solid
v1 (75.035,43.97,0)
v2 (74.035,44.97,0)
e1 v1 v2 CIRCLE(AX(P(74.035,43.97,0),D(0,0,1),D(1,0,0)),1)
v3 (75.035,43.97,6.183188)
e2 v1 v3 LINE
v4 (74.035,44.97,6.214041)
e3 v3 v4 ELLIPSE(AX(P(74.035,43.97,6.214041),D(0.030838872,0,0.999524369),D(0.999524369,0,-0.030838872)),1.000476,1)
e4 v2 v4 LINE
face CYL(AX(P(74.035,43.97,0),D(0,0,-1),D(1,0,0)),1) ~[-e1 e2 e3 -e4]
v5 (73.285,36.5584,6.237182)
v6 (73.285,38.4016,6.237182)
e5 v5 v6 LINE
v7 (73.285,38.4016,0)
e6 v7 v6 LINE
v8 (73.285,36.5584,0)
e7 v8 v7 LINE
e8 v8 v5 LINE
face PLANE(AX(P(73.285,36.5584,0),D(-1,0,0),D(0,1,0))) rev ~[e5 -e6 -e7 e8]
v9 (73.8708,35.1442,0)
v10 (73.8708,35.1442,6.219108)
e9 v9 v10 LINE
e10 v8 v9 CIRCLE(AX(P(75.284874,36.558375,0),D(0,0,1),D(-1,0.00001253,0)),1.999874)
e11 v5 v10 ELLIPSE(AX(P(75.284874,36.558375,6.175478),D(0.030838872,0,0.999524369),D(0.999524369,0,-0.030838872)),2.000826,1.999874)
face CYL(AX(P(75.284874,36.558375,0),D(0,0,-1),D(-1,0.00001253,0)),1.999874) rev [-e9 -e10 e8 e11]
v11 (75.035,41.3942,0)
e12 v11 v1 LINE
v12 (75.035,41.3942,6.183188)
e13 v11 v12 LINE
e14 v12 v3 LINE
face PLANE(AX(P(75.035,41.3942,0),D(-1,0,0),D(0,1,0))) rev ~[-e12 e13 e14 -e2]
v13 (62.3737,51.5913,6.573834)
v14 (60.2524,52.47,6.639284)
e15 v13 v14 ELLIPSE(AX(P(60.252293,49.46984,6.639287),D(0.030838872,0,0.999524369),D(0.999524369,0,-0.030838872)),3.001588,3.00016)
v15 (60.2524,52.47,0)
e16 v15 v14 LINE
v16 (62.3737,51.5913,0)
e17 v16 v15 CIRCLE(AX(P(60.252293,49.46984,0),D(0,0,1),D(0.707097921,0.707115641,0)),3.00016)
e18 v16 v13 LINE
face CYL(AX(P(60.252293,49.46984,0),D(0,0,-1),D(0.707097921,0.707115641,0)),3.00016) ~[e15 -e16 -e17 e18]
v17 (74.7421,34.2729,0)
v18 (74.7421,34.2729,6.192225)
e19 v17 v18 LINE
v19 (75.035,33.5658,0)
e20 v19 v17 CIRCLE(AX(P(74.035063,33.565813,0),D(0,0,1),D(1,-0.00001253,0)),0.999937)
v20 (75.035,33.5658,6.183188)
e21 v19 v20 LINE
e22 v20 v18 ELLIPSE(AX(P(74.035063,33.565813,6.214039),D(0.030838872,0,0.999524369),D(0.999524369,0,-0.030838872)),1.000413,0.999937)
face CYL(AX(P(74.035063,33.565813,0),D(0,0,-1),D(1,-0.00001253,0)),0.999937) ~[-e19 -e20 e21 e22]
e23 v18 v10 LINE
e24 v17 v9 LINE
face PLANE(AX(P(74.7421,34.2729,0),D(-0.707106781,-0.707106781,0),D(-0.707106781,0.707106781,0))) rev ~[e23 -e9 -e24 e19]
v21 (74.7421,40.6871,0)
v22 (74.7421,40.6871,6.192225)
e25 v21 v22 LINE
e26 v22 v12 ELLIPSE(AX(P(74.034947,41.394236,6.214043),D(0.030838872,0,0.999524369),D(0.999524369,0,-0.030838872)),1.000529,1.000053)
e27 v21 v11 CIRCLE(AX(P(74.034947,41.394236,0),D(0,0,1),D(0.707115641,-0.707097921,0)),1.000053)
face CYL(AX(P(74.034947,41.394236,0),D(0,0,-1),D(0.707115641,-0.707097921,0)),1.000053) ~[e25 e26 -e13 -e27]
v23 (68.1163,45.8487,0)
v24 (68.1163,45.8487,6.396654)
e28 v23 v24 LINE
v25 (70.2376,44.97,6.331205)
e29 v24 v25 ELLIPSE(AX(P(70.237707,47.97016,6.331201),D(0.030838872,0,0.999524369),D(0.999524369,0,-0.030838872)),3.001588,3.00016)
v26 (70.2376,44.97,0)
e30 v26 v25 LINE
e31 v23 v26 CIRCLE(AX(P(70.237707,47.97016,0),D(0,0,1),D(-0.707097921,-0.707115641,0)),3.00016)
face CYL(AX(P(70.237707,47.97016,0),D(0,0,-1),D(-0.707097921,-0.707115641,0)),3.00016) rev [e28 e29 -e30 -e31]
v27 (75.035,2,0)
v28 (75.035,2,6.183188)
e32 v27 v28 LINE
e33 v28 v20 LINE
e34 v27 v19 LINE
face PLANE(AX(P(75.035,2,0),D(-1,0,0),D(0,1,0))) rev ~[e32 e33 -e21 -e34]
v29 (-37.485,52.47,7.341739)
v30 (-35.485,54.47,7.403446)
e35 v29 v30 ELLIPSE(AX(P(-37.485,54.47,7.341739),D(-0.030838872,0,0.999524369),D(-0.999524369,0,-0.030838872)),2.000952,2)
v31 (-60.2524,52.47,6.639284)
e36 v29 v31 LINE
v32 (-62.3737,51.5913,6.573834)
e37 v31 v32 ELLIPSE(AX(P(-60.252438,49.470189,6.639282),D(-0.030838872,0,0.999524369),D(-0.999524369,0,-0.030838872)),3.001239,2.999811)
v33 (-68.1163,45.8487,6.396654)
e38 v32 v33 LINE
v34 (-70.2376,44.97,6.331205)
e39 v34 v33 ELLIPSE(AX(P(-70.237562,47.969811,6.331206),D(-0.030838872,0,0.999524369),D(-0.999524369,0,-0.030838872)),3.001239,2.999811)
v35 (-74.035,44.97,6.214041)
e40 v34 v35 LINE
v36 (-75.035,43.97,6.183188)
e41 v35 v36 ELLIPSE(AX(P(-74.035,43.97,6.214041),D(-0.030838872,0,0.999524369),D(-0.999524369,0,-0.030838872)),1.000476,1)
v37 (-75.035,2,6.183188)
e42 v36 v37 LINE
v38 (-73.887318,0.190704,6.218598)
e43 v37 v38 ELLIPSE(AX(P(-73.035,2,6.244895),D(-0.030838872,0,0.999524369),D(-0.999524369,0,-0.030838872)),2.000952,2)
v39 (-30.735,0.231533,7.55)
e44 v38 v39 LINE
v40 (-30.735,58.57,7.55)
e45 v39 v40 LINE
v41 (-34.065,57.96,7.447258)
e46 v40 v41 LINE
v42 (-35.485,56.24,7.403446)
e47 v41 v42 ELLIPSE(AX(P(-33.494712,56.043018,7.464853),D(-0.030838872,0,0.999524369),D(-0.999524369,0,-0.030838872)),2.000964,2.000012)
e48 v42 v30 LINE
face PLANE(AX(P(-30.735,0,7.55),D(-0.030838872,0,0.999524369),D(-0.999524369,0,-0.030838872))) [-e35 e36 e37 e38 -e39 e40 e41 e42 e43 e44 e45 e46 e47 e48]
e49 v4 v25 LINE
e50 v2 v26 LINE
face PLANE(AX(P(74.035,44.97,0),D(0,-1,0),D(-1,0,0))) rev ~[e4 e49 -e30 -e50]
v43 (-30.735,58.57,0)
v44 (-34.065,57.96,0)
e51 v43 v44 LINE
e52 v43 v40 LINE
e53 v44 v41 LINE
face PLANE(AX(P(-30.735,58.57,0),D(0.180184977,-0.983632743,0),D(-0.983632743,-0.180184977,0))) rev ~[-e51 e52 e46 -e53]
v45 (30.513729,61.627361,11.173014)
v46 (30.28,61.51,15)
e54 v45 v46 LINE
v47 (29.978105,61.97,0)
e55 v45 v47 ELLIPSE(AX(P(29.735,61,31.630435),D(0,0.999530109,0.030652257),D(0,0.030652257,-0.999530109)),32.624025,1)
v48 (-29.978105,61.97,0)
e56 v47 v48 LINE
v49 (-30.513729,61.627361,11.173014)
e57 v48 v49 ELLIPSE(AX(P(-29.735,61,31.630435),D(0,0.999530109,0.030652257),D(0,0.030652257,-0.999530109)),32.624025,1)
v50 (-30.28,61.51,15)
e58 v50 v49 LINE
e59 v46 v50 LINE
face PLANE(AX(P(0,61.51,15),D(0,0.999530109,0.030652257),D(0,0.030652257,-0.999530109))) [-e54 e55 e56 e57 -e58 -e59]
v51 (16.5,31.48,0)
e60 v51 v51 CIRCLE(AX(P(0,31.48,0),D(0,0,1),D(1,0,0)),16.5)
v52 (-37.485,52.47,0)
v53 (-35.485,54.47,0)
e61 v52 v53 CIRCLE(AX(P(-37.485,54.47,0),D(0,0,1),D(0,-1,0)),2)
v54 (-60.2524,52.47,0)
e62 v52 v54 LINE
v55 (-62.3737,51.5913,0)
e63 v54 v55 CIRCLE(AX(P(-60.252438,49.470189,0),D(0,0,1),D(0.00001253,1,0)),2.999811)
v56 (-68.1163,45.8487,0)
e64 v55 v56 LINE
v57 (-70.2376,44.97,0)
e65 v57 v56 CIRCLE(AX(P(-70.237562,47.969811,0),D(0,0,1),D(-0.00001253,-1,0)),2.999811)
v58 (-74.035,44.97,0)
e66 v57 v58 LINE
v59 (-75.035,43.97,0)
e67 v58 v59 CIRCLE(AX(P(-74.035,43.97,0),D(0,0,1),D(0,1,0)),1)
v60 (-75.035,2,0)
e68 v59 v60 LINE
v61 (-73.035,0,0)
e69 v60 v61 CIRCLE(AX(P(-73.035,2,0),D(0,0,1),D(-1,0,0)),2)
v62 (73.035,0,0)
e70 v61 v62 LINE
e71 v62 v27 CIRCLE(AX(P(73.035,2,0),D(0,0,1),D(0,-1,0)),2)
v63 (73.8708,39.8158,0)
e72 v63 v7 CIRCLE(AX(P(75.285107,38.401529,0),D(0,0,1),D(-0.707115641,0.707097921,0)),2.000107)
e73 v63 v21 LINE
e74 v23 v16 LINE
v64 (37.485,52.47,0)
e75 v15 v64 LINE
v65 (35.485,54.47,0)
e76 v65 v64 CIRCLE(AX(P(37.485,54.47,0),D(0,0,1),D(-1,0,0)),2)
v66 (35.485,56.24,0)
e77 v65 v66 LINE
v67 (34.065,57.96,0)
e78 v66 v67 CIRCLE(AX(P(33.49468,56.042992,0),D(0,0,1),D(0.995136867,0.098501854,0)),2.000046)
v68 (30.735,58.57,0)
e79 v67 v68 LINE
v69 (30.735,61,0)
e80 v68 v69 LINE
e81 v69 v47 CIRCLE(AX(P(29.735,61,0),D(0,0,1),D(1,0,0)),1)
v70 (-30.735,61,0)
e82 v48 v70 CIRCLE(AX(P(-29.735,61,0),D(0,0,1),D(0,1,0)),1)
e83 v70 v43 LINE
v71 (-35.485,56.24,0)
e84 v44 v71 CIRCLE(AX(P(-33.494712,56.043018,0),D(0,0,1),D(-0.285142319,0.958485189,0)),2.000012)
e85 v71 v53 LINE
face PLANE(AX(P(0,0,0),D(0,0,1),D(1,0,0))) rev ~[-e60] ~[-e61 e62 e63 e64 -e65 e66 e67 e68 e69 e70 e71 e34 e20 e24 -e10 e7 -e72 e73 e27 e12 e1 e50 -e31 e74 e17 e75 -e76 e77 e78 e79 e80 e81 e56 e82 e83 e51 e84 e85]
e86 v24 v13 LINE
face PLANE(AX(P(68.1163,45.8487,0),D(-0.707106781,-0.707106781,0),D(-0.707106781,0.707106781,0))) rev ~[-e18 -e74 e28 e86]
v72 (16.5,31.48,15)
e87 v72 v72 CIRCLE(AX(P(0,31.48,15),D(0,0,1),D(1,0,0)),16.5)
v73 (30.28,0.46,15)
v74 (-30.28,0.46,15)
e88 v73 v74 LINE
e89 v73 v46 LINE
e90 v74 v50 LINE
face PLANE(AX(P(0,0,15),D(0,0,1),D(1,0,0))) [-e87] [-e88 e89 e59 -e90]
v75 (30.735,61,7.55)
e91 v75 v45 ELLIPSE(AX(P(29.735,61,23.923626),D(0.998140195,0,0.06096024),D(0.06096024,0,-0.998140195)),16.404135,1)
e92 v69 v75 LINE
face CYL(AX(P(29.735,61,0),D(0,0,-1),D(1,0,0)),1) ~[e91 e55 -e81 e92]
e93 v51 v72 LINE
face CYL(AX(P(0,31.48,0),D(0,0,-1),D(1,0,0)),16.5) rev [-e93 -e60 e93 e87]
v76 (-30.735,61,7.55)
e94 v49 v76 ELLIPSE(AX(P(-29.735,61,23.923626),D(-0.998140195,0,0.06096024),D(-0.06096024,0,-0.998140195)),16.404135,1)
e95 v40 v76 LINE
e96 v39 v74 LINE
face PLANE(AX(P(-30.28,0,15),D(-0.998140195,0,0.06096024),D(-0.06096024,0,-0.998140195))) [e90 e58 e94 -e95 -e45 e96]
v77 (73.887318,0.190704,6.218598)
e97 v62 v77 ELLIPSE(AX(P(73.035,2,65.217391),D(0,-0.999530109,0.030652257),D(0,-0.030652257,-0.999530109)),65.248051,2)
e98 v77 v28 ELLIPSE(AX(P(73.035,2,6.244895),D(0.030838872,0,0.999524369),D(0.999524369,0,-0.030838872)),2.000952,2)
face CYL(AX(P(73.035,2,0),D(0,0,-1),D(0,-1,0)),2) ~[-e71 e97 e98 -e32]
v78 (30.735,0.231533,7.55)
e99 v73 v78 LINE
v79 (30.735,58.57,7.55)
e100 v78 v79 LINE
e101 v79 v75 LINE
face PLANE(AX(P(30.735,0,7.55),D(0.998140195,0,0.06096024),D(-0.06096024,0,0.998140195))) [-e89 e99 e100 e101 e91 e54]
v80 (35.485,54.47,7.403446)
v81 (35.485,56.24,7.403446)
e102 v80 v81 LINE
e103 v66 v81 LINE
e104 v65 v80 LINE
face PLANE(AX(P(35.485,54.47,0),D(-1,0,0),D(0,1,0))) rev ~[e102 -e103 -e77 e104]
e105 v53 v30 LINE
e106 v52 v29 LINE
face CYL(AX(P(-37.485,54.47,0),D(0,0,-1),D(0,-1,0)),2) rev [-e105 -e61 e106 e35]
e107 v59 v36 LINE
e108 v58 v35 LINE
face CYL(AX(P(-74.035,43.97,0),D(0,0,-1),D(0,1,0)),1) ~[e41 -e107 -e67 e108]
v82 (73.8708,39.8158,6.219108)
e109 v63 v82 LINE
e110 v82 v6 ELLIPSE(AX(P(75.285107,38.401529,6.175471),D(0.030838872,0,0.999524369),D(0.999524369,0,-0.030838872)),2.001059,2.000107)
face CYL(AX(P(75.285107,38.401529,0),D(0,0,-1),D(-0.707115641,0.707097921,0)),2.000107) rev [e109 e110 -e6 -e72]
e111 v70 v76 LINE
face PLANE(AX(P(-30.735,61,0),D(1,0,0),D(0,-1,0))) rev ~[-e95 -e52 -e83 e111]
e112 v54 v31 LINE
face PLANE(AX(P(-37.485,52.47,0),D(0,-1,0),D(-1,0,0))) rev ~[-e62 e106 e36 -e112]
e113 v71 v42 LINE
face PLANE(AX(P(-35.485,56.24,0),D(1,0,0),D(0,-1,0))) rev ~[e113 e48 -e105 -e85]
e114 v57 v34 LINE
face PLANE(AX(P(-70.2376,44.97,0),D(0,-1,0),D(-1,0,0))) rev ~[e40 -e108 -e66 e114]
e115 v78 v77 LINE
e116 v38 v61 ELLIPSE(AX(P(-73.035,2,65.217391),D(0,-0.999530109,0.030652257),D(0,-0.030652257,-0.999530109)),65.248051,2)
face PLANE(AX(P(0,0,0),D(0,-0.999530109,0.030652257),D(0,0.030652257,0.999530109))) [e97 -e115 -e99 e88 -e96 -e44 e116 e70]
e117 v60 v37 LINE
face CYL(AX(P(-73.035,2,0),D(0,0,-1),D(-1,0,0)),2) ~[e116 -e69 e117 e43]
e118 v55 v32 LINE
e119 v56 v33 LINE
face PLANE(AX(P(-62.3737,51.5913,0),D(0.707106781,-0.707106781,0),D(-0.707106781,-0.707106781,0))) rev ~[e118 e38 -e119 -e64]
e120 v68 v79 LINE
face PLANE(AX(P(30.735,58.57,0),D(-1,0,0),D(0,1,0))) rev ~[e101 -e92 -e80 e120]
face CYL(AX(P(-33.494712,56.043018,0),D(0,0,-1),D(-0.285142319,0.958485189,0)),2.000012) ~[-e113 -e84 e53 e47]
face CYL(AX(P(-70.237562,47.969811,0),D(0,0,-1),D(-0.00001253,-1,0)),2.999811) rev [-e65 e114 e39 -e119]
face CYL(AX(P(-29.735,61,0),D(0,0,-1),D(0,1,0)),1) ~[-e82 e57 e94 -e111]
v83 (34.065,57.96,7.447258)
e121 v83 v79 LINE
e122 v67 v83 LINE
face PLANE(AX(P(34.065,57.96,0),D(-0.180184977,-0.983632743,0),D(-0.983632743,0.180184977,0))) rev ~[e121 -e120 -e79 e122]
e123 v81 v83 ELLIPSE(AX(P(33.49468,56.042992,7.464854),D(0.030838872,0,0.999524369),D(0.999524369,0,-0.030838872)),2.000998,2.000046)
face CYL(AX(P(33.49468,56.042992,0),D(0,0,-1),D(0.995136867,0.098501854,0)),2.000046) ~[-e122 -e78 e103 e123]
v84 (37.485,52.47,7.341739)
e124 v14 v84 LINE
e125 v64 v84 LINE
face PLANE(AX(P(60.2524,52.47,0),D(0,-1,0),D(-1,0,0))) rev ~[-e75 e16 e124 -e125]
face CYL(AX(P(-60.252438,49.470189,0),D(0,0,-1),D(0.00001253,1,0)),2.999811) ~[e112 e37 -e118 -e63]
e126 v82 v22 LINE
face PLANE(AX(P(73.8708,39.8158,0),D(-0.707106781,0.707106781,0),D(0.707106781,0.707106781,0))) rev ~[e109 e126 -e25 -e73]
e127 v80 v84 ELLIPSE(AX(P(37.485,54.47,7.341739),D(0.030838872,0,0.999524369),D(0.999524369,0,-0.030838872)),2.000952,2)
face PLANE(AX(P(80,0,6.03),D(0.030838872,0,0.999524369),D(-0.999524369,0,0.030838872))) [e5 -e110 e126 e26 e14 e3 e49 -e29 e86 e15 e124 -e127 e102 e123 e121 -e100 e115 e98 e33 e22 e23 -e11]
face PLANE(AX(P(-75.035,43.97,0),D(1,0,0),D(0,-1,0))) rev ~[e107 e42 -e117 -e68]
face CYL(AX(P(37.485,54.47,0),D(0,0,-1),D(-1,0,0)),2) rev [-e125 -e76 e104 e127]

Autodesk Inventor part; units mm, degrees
sketch "__1" plane through (0, 0, 0) normal (0, 0, 1) x (1, 0, 0)
  line L0 (-75.035, 43.97) -> (-75.035, 2)
  arc A0 (-75.035, 2) -> (-73.035, 0) centre (-73.035, 2) ccw
  line L1 (-73.035, 0) -> (73.035, 0)
  arc A1 (73.035, 0) -> (75.035, 2) centre (73.035, 2) ccw
  line L2 (75.035, 2) -> (75.035, 33.5658)
  arc A2 (75.035, 33.5658) -> (74.7421, 34.2729) centre (74.035, 33.5658) ccw
  line L3 (74.7421, 34.2729) -> (73.8708, 35.1442)
  arc A3 (73.285, 36.5584) -> (73.8708, 35.1442) centre (75.285, 36.5584) ccw
  line L4 (73.285, 36.5584) -> (73.285, 38.4016)
  arc A4 (73.8708, 39.8158) -> (73.285, 38.4016) centre (75.285, 38.4016) ccw
  line L5 (73.8708, 39.8158) -> (74.7421, 40.6871)
  arc A5 (74.7421, 40.6871) -> (75.035, 41.3942) centre (74.035, 41.3942) ccw
  line L6 (75.035, 41.3942) -> (75.035, 43.97)
  arc A6 (75.035, 43.97) -> (74.035, 44.97) centre (74.035, 43.97) ccw
  line L7 (74.035, 44.97) -> (70.2376, 44.97)
  arc A7 (68.1163, 45.8487) -> (70.2376, 44.97) centre (70.2376, 47.97) ccw
  line L8 (68.1163, 45.8487) -> (62.3737, 51.5913)
  arc A8 (62.3737, 51.5913) -> (60.2524, 52.47) centre (60.2524, 49.47) ccw
  line L9 (60.2524, 52.47) -> (37.485, 52.47)
  arc A9 (35.485, 54.47) -> (37.485, 52.47) centre (37.485, 54.47) ccw
  line L10 (35.485, 54.47) -> (35.485, 56.24)
  arc A10 (35.485, 56.24) -> (34.065, 57.96) centre (33.4947, 56.043) ccw
  line L11 (34.065, 57.96) -> (30.735, 58.57)
  line L12 (30.735, 58.57) -> (30.735, 61)
  arc A11 (30.735, 61) -> (29.735, 62) centre (29.735, 61) ccw
  line L13 (29.735, 62) -> (-29.735, 62)
  arc A12 (-29.735, 62) -> (-30.735, 61) centre (-29.735, 61) ccw
  line L14 (-30.735, 61) -> (-30.735, 58.57)
  line L15 (-30.735, 58.57) -> (-34.065, 57.96)
  arc A13 (-34.065, 57.96) -> (-35.485, 56.24) centre (-33.4947, 56.043) ccw
  line L16 (-35.485, 56.24) -> (-35.485, 54.47)
  arc A14 (-37.485, 52.47) -> (-35.485, 54.47) centre (-37.485, 54.47) ccw
  line L17 (-37.485, 52.47) -> (-60.2524, 52.47)
  arc A15 (-60.2524, 52.47) -> (-62.3737, 51.5913) centre (-60.2524, 49.47) ccw
  line L18 (-62.3737, 51.5913) -> (-68.1163, 45.8487)
  arc A16 (-70.2376, 44.97) -> (-68.1163, 45.8487) centre (-70.2376, 47.97) ccw
  line L19 (-70.2376, 44.97) -> (-74.035, 44.97)
  arc A17 (-74.035, 44.97) -> (-75.035, 43.97) centre (-74.035, 43.97) ccw
  circle A18 centre (0, 31.48) radius 16.5
extrude "Extrusion1" add sketch "__1" along normal blind 15
sketch "__3" plane through (0, 0, 0) normal (0, 1, 0) x (-1, 0, 0)
  line L0 (80, 6.03) -> (80, 18)
  line L1 (80, 18) -> (-80, 18)
  line L2 (-80, 18) -> (-80, 6.03)
  line L3 (-80, 6.03) -> (-30.735, 7.55)
  line L4 (-30.735, 7.55) -> (-30.28, 15)
  line L5 (-30.28, 15) -> (30.28, 15)
  line L6 (30.28, 15) -> (30.735, 7.55)
  line L7 (30.735, 7.55) -> (80, 6.03)
extrude "Extrusion2" cut sketch "__3" along normal blind 61.97
sketch "__4" plane through (0, 0, 0) normal (1, 0, 0) x (0, 1, 0)
  line L0 (63.944, 20) -> (0, 20)
  line L1 (0, 20) -> (0, 0)
  line L2 (0, 0) -> (0.46, 15)
  line L3 (0.46, 15) -> (61.51, 15)
  line L4 (61.51, 15) -> (61.97, 0)
  line L5 (61.97, 0) -> (63.944, 0)
  line L6 (63.944, 0) -> (63.944, 20)
extrude "Extrusion3" cut sketch "__4" along normal mid plane 150.07
ref_plane "BODY5_XY" through (0, 0, 0) normal (0, 0, 1) x (1, 0, 0)
ref_plane "BODY5_YZ" through (0, 0, 0) normal (1, 0, 0) x (0, 1, 0)
ref_plane "BODY5_ZX" through (0, 0, 0) normal (0, 1, 0) x (0, 0, 1)
ref_plane "MD1_XY" through (0, 31.48, 15) normal (0, 0, -1) x (1, 0, 0)
ref_plane "MD1_YZ" through (0, 31.48, 15) normal (1, 0, 0) x (0, -1, 0)
ref_plane "MD1_ZX" through (0, 31.48, 15) normal (0, -1, 0) x (0, 0, -1)
properties part number "ETH2-17-BC-L_5"
